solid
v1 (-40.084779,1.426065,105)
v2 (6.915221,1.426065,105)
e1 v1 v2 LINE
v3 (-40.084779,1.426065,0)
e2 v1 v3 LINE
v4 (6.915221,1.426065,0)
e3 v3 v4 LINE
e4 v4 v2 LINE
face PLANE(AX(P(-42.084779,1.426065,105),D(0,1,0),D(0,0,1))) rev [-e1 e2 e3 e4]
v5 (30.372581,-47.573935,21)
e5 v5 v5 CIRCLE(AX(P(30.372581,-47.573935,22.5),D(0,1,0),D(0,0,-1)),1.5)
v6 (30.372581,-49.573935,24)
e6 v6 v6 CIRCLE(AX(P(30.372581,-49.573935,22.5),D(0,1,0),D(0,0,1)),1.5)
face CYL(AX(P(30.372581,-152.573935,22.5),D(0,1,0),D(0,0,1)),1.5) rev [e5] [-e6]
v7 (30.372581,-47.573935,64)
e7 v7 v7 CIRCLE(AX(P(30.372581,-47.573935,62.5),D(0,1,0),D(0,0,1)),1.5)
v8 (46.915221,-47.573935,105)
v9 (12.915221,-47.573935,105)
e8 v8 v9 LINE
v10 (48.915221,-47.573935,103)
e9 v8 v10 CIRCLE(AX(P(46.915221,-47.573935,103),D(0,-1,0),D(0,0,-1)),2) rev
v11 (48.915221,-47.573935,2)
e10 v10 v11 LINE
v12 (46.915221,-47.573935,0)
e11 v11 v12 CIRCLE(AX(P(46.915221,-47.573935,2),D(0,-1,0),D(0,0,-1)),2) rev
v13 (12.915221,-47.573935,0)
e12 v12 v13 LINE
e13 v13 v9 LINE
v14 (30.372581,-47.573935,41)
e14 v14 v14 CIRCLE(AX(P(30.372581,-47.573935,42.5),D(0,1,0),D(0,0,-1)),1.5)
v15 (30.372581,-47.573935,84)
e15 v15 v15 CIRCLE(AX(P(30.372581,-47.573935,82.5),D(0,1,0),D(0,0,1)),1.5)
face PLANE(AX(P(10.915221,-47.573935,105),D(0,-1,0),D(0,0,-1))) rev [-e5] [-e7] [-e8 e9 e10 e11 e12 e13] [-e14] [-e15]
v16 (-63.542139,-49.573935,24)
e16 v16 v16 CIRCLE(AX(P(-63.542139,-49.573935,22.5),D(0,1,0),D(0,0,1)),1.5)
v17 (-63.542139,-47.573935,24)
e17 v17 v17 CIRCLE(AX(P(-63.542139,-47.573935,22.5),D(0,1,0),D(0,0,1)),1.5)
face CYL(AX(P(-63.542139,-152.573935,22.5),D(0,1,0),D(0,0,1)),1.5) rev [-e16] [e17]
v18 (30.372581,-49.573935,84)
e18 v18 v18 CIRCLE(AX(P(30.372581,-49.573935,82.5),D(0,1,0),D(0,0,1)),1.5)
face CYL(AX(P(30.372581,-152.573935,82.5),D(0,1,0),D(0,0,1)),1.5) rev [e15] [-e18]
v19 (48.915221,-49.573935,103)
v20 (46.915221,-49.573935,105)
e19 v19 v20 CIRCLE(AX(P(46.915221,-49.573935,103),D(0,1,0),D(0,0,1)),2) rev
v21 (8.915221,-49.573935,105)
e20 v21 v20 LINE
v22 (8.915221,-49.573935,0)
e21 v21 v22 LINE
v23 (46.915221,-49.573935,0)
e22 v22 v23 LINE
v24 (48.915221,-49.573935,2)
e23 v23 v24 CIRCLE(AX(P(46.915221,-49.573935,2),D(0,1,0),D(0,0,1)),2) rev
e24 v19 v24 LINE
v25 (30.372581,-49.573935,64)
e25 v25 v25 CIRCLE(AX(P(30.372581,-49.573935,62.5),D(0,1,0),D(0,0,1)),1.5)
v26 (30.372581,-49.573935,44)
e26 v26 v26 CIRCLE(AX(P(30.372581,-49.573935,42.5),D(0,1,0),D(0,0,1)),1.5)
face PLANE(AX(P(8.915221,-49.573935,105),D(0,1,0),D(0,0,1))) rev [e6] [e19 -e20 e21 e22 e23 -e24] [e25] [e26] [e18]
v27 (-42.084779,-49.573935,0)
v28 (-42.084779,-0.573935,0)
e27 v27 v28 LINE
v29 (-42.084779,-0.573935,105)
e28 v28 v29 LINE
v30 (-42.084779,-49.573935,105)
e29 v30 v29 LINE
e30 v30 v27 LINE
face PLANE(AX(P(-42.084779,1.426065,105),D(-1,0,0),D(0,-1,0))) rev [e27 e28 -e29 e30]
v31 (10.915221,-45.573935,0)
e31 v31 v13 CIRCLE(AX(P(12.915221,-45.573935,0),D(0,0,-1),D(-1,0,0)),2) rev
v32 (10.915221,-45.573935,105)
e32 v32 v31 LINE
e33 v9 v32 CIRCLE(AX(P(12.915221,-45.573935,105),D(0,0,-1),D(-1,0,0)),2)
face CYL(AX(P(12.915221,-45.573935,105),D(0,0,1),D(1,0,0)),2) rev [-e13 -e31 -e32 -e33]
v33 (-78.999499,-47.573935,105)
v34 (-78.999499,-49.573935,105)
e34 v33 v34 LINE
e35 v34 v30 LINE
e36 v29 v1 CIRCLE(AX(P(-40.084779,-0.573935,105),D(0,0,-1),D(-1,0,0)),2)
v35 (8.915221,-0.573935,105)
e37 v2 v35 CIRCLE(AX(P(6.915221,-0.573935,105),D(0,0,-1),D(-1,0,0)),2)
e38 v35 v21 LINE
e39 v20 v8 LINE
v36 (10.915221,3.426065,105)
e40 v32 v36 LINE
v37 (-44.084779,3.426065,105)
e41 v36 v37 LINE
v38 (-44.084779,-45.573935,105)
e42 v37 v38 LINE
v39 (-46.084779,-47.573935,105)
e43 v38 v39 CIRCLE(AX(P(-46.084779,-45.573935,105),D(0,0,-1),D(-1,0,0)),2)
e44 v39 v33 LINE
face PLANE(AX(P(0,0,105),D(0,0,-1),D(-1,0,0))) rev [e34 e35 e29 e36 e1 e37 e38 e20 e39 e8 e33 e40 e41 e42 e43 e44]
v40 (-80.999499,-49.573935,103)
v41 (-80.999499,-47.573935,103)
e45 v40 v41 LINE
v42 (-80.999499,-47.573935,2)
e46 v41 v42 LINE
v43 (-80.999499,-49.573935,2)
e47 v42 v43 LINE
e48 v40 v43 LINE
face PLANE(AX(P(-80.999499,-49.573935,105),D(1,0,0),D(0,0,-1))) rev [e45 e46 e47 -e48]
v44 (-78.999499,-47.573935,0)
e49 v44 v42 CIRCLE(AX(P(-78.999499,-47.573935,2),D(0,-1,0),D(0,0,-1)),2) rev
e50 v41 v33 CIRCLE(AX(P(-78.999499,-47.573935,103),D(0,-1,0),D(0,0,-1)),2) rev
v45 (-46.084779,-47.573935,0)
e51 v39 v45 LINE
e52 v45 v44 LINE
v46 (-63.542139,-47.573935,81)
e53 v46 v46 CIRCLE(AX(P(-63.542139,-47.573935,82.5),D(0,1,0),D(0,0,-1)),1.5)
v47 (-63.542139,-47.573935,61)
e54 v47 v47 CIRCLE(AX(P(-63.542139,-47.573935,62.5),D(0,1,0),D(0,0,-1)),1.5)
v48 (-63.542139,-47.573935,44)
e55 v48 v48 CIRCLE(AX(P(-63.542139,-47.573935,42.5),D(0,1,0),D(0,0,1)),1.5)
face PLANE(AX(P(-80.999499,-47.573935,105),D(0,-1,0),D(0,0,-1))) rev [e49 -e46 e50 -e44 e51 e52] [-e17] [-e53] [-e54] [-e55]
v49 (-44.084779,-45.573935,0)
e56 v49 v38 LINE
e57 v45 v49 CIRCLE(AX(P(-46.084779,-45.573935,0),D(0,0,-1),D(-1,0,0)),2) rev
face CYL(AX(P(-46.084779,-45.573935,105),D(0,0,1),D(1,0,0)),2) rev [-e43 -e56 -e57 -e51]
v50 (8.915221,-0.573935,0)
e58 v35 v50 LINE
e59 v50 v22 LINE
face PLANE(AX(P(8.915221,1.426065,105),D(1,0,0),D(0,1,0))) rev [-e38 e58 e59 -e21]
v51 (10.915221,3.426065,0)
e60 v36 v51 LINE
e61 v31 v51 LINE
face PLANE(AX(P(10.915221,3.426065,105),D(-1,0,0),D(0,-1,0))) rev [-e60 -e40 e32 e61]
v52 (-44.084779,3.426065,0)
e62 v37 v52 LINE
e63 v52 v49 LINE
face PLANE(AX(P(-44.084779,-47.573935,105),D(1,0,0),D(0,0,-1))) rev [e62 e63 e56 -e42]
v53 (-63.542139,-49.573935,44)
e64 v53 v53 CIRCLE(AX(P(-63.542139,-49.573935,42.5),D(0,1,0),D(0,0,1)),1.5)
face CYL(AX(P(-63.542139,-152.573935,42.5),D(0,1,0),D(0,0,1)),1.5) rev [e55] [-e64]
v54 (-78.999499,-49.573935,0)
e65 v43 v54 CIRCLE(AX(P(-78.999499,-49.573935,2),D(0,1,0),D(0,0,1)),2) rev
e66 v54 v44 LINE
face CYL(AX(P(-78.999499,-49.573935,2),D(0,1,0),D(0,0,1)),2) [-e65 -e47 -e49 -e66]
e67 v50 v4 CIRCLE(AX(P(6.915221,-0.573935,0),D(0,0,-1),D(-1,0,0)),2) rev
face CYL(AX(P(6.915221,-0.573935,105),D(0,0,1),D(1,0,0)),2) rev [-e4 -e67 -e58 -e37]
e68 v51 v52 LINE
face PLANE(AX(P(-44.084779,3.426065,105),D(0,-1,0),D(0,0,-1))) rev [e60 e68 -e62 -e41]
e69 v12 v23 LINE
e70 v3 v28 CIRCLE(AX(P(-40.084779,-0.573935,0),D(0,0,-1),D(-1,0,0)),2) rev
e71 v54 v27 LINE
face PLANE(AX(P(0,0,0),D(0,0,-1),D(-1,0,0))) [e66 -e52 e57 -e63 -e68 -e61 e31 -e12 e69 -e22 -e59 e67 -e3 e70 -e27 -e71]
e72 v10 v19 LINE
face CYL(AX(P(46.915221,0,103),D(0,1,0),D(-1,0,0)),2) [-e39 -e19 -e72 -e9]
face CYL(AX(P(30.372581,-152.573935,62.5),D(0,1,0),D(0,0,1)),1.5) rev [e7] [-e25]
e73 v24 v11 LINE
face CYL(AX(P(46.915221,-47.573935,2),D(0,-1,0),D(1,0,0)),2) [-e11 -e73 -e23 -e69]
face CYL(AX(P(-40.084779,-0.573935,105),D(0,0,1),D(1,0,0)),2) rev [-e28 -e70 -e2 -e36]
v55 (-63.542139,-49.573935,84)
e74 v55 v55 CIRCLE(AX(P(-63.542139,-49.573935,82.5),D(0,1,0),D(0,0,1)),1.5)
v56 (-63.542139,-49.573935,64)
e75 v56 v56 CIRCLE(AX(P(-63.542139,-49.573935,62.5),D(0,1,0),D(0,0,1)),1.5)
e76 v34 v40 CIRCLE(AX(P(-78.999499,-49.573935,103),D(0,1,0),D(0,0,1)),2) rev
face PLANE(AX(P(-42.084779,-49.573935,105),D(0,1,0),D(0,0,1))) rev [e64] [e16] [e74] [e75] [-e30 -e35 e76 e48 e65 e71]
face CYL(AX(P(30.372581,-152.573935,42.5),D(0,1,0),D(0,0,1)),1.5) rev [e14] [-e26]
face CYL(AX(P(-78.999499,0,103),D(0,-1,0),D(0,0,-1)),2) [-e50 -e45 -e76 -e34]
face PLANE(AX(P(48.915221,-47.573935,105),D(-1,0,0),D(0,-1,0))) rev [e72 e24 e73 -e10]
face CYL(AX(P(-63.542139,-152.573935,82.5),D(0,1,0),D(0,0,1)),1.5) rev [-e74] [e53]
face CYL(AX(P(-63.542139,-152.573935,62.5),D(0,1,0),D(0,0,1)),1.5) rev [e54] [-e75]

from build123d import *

# Parameters (mm, degrees)
BOSS_EXTRUDE1_DEPTH = 105
FILLET2_R           = 2
FILLET3_R           = 2
FILLET4_R           = 2
FILLET5_R           = 2
SKETCH2_R           = 1.5
CUT_EXTRUDE1_DEPTH  = 105
FILLET6_R           = 2


with BuildPart() as part:
    # Sketch1 → Boss-Extrude1 (new body)
    with BuildSketch(Plane.XY):
        Polygon((-42.084779145, 1.426065285), (8.915220855, 1.426065285), (8.915220855, -49.573934715), (48.915220855, -49.573934715), (48.915220855, -47.573934715), (10.915220855, -47.573934715), (10.915220855, 3.426065285), (-44.084779145, 3.426065285), (-44.084779145, -47.573934715), (-80.999498671, -47.573934715), (-80.999498671, -49.573934715), (-42.084779145, -49.573934715), align=None)
    extrude(amount=BOSS_EXTRUDE1_DEPTH)

    # Fillet2
    fillet2_edges = [part.edges().sort_by_distance(p)[0] for p in [
        (-44.084779145, -47.573934715, 52.5),
    ]]
    fillet(fillet2_edges, radius=FILLET2_R)

    # Fillet3
    fillet3_edges = [part.edges().sort_by_distance(p)[0] for p in [
        (-42.084779145, 1.426065285, 52.5),
    ]]
    fillet(fillet3_edges, radius=FILLET3_R)

    # Fillet4
    fillet4_edges = [part.edges().sort_by_distance(p)[0] for p in [
        (8.915220855, 1.426065285, 52.5),
    ]]
    fillet(fillet4_edges, radius=FILLET4_R)

    # Fillet5
    fillet5_edges = [part.edges().sort_by_distance(p)[0] for p in [
        (10.915220855, -47.573934715, 52.5),
    ]]
    fillet(fillet5_edges, radius=FILLET5_R)

    # Sketch2 → Cut-Extrude1 (cut)
    with BuildSketch(Plane(origin=(0, -47.573934715, 0), x_dir=(1, 0, 0), z_dir=(0, 1, 0))):
        with Locations((-63.542138908, -42.5)):
            Circle(SKETCH2_R)
        with Locations((-63.542138908, -22.5)):
            Circle(SKETCH2_R)
        with Locations((-63.542138908, -82.5)):
            Circle(SKETCH2_R)
        with Locations((-63.542138908, -62.5)):
            Circle(SKETCH2_R)
        with Locations((30.372580618, -82.5)):
            Circle(SKETCH2_R)
        with Locations((30.372580618, -62.5)):
            Circle(SKETCH2_R)
        with Locations((30.372580618, -42.5)):
            Circle(SKETCH2_R)
        with Locations((30.372580618, -22.5)):
            Circle(SKETCH2_R)
    extrude(amount=-CUT_EXTRUDE1_DEPTH, mode=Mode.SUBTRACT)

    # Fillet6
    fillet6_edges = [part.edges().sort_by_distance(p)[0] for p in [
        (-80.999498671, -48.573934715, 0),
        (48.915220855, -48.573934715, 0),
        (48.915220855, -48.573934715, 105),
        (-80.999498671, -48.573934715, 105),
    ]]
    fillet(fillet6_edges, radius=FILLET6_R)


solid = part.part
